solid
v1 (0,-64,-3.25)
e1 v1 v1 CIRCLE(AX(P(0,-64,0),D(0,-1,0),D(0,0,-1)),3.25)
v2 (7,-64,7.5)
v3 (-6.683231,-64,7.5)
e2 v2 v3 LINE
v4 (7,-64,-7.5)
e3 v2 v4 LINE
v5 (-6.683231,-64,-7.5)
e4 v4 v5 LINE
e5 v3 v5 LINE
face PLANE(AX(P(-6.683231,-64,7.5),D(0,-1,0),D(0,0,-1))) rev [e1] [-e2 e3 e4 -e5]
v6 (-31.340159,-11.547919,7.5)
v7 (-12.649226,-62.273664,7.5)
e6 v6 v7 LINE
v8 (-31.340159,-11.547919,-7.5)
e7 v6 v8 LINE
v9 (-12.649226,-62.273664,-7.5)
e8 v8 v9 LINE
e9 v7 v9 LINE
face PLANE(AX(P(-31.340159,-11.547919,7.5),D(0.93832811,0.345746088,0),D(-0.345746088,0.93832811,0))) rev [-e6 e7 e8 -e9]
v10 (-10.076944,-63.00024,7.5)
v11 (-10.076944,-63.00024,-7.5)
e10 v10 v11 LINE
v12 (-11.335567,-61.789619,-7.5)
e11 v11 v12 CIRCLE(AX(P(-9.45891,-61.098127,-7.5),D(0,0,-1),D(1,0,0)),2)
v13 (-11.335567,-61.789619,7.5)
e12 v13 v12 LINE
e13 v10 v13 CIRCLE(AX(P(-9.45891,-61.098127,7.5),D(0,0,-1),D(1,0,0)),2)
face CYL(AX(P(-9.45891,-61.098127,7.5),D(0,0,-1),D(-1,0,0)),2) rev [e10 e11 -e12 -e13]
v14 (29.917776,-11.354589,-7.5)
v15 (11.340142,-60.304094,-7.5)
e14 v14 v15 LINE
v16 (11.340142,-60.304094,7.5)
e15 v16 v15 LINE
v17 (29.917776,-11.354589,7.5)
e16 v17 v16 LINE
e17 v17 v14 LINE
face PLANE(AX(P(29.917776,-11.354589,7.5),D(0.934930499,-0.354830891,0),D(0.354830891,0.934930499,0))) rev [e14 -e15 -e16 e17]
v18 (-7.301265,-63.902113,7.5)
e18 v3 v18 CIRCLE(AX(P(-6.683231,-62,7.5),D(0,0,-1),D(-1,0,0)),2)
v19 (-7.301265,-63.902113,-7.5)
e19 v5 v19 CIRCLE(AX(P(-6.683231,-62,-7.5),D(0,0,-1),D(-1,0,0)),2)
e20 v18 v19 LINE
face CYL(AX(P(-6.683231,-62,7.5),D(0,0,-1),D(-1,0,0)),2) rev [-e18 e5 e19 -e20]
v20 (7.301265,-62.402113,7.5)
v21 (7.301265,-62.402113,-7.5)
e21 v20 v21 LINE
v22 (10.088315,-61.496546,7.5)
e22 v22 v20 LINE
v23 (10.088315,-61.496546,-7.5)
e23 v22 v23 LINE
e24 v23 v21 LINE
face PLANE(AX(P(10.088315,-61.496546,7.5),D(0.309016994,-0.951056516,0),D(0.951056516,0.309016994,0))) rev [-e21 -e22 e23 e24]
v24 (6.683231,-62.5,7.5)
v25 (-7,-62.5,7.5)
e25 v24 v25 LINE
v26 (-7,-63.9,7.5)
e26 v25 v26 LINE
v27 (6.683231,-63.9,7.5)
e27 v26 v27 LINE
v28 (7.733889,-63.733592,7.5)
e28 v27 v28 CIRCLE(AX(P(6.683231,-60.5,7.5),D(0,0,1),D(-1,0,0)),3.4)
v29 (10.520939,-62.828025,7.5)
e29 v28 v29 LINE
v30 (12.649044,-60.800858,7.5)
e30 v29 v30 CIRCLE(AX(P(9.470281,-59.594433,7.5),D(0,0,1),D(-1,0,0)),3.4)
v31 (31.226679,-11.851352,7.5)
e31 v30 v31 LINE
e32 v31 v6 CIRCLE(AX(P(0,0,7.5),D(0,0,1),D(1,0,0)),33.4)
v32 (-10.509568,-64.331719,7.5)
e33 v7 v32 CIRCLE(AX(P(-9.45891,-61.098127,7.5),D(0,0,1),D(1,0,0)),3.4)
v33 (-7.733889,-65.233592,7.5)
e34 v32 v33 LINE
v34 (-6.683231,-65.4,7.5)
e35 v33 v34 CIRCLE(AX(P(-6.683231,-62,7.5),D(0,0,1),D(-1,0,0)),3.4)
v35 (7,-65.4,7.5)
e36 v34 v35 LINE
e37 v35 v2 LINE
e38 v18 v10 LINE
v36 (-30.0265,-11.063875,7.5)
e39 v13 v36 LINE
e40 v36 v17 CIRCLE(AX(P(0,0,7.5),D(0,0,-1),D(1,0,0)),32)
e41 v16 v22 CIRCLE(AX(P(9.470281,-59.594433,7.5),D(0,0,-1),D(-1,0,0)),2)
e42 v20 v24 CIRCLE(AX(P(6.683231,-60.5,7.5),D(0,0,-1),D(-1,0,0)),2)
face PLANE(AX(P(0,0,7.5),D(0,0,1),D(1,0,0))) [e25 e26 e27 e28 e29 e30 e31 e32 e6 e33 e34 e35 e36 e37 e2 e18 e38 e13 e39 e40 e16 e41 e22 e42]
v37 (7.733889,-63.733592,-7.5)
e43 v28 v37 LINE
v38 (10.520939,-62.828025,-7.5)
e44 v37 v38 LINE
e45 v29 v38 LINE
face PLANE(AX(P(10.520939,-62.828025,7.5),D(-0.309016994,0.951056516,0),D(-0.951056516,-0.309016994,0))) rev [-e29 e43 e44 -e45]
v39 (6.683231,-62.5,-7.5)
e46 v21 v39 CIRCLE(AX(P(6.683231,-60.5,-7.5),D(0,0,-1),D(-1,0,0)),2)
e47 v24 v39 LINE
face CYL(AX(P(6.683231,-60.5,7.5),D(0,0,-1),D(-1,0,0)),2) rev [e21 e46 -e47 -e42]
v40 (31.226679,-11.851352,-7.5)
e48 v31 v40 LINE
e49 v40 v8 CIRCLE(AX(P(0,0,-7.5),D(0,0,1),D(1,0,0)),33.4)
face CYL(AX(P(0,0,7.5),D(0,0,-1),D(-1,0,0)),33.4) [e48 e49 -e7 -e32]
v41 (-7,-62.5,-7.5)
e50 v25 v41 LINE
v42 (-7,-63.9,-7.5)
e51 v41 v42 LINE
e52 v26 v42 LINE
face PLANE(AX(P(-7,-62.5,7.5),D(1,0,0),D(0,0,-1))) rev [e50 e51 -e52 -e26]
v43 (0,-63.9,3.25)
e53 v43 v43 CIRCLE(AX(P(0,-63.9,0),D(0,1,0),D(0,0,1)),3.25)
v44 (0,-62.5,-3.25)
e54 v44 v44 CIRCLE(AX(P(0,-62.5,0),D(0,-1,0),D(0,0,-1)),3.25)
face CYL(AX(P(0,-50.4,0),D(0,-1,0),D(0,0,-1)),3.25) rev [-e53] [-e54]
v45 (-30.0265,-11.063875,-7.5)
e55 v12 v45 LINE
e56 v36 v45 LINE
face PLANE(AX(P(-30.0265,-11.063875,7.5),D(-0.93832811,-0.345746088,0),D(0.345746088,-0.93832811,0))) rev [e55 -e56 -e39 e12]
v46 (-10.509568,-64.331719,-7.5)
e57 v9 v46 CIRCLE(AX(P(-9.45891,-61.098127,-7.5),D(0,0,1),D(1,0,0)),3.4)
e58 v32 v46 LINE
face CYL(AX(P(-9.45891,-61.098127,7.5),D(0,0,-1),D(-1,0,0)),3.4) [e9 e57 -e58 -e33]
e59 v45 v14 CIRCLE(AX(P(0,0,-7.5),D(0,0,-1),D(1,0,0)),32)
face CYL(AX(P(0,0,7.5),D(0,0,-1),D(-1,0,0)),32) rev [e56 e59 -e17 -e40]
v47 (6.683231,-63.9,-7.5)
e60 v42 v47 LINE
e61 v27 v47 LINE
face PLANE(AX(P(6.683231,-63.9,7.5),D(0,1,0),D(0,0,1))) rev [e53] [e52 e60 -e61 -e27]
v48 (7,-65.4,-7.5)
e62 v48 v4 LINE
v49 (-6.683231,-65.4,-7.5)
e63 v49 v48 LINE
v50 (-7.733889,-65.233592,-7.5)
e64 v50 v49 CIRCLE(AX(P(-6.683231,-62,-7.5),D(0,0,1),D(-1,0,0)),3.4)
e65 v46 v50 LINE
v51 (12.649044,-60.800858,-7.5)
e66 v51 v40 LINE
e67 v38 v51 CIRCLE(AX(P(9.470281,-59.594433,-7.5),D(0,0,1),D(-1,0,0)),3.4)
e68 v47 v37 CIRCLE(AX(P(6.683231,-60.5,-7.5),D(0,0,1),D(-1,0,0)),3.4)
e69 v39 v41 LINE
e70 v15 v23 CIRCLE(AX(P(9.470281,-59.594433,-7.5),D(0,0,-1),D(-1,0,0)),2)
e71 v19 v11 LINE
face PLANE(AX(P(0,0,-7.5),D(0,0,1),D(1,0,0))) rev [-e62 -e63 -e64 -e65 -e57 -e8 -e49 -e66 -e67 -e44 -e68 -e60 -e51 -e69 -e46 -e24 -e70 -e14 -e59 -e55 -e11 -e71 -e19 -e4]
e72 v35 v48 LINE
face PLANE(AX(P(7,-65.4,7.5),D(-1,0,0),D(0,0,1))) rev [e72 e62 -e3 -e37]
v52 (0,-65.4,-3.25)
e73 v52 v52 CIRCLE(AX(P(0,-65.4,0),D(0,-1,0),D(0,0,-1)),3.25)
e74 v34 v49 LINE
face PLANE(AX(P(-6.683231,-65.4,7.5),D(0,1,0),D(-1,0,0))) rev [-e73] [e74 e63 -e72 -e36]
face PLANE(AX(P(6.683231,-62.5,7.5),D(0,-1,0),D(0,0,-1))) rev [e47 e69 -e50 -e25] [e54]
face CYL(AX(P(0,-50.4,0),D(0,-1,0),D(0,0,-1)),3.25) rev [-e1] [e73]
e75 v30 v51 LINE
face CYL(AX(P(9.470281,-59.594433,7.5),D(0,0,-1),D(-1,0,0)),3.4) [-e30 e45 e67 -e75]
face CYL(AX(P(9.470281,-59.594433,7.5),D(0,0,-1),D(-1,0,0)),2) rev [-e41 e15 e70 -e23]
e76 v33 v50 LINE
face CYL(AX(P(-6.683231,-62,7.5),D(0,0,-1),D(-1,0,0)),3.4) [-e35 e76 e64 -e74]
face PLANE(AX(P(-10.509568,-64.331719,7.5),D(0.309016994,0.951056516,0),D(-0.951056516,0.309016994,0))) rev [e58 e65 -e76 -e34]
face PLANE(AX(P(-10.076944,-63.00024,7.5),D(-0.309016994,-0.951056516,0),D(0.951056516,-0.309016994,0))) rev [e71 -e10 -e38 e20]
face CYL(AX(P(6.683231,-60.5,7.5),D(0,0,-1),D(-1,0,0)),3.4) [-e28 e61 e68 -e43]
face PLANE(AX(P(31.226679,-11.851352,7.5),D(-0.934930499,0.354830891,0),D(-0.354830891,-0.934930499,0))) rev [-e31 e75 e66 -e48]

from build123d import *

# Parameters (mm, degrees)
EXTRUSION4_DEPTH        = 7.5
ESQUISSE2_R             = 3.25
ENL_V_MAT_EXTRU_1_DEPTH = 15


with BuildPart() as part:
    # Esquisse1 → Extrusion4 (new, symmetric)
    with BuildSketch(Plane.XY):
        with BuildLine():
            Line((-30.026499529, -11.063874821), (-11.335566656, -61.789619296))
            ThreePointArc((-11.335566656, -61.789619296), (-10.845370144, -62.539560252), (-10.076944424, -63.000240152))
            Line((-10.076944424, -63.000240152), (-7.301265108, -63.902113033))
            ThreePointArc((-7.301265108, -63.902113033), (-6.996100049, -63.975376681), (-6.683231119, -64))
            Line((-6.683231119, -64), (7, -64))
            Line((7, -64), (7, -65.4))
            Line((7, -65.4), (-6.683231119, -65.4))
            ThreePointArc((-6.683231119, -65.4), (-7.2151083, -65.358140358), (-7.7338889, -65.233592155))
            Line((-7.7338889, -65.233592155), (-10.509568216, -64.331719275))
            ThreePointArc((-10.509568216, -64.331719275), (-11.81589194, -63.548563445), (-12.64922601, -62.27366382))
            Line((-12.64922601, -62.27366382), (-31.340158883, -11.547919345))
            ThreePointArc((-31.340158883, -11.547919345), (0.161979155, 33.399607225), (31.226678681, -11.851351759))
            Line((31.226678681, -11.851351759), (12.649044499, -60.800857693))
            ThreePointArc((12.649044499, -60.800857693), (11.815350768, -62.056270768), (10.520938582, -62.828024819))
            Line((10.520938582, -62.828024819), (7.7338889, -63.733592155))
            ThreePointArc((7.7338889, -63.733592155), (7.2151083, -63.858140358), (6.683231119, -63.9))
            Line((6.683231119, -63.9), (-7, -63.9))
            Line((-7, -63.9), (-7, -62.5))
            Line((-7, -62.5), (6.683231119, -62.5))
            ThreePointArc((6.683231119, -62.5), (6.996100049, -62.475376681), (7.301265108, -62.402113033))
            Line((7.301265108, -62.402113033), (10.08831479, -61.496545697))
            ThreePointArc((10.08831479, -61.496545697), (10.849733723, -61.042572725), (11.3401418, -60.304094446))
            Line((11.3401418, -60.304094446), (29.917775982, -11.354588512))
            ThreePointArc((29.917775982, -11.354588512), (0.155189609, 31.999623688), (-30.026499529, -11.063874821))
        make_face()
    extrude(amount=EXTRUSION4_DEPTH, both=True)

    # Esquisse2 → Enlèv. mat.-Extru.1 (cut)
    with BuildSketch(Plane.XZ.offset(65.4)):
        Circle(ESQUISSE2_R)
    extrude(amount=-ENL_V_MAT_EXTRU_1_DEPTH, mode=Mode.SUBTRACT)


solid = part.part
